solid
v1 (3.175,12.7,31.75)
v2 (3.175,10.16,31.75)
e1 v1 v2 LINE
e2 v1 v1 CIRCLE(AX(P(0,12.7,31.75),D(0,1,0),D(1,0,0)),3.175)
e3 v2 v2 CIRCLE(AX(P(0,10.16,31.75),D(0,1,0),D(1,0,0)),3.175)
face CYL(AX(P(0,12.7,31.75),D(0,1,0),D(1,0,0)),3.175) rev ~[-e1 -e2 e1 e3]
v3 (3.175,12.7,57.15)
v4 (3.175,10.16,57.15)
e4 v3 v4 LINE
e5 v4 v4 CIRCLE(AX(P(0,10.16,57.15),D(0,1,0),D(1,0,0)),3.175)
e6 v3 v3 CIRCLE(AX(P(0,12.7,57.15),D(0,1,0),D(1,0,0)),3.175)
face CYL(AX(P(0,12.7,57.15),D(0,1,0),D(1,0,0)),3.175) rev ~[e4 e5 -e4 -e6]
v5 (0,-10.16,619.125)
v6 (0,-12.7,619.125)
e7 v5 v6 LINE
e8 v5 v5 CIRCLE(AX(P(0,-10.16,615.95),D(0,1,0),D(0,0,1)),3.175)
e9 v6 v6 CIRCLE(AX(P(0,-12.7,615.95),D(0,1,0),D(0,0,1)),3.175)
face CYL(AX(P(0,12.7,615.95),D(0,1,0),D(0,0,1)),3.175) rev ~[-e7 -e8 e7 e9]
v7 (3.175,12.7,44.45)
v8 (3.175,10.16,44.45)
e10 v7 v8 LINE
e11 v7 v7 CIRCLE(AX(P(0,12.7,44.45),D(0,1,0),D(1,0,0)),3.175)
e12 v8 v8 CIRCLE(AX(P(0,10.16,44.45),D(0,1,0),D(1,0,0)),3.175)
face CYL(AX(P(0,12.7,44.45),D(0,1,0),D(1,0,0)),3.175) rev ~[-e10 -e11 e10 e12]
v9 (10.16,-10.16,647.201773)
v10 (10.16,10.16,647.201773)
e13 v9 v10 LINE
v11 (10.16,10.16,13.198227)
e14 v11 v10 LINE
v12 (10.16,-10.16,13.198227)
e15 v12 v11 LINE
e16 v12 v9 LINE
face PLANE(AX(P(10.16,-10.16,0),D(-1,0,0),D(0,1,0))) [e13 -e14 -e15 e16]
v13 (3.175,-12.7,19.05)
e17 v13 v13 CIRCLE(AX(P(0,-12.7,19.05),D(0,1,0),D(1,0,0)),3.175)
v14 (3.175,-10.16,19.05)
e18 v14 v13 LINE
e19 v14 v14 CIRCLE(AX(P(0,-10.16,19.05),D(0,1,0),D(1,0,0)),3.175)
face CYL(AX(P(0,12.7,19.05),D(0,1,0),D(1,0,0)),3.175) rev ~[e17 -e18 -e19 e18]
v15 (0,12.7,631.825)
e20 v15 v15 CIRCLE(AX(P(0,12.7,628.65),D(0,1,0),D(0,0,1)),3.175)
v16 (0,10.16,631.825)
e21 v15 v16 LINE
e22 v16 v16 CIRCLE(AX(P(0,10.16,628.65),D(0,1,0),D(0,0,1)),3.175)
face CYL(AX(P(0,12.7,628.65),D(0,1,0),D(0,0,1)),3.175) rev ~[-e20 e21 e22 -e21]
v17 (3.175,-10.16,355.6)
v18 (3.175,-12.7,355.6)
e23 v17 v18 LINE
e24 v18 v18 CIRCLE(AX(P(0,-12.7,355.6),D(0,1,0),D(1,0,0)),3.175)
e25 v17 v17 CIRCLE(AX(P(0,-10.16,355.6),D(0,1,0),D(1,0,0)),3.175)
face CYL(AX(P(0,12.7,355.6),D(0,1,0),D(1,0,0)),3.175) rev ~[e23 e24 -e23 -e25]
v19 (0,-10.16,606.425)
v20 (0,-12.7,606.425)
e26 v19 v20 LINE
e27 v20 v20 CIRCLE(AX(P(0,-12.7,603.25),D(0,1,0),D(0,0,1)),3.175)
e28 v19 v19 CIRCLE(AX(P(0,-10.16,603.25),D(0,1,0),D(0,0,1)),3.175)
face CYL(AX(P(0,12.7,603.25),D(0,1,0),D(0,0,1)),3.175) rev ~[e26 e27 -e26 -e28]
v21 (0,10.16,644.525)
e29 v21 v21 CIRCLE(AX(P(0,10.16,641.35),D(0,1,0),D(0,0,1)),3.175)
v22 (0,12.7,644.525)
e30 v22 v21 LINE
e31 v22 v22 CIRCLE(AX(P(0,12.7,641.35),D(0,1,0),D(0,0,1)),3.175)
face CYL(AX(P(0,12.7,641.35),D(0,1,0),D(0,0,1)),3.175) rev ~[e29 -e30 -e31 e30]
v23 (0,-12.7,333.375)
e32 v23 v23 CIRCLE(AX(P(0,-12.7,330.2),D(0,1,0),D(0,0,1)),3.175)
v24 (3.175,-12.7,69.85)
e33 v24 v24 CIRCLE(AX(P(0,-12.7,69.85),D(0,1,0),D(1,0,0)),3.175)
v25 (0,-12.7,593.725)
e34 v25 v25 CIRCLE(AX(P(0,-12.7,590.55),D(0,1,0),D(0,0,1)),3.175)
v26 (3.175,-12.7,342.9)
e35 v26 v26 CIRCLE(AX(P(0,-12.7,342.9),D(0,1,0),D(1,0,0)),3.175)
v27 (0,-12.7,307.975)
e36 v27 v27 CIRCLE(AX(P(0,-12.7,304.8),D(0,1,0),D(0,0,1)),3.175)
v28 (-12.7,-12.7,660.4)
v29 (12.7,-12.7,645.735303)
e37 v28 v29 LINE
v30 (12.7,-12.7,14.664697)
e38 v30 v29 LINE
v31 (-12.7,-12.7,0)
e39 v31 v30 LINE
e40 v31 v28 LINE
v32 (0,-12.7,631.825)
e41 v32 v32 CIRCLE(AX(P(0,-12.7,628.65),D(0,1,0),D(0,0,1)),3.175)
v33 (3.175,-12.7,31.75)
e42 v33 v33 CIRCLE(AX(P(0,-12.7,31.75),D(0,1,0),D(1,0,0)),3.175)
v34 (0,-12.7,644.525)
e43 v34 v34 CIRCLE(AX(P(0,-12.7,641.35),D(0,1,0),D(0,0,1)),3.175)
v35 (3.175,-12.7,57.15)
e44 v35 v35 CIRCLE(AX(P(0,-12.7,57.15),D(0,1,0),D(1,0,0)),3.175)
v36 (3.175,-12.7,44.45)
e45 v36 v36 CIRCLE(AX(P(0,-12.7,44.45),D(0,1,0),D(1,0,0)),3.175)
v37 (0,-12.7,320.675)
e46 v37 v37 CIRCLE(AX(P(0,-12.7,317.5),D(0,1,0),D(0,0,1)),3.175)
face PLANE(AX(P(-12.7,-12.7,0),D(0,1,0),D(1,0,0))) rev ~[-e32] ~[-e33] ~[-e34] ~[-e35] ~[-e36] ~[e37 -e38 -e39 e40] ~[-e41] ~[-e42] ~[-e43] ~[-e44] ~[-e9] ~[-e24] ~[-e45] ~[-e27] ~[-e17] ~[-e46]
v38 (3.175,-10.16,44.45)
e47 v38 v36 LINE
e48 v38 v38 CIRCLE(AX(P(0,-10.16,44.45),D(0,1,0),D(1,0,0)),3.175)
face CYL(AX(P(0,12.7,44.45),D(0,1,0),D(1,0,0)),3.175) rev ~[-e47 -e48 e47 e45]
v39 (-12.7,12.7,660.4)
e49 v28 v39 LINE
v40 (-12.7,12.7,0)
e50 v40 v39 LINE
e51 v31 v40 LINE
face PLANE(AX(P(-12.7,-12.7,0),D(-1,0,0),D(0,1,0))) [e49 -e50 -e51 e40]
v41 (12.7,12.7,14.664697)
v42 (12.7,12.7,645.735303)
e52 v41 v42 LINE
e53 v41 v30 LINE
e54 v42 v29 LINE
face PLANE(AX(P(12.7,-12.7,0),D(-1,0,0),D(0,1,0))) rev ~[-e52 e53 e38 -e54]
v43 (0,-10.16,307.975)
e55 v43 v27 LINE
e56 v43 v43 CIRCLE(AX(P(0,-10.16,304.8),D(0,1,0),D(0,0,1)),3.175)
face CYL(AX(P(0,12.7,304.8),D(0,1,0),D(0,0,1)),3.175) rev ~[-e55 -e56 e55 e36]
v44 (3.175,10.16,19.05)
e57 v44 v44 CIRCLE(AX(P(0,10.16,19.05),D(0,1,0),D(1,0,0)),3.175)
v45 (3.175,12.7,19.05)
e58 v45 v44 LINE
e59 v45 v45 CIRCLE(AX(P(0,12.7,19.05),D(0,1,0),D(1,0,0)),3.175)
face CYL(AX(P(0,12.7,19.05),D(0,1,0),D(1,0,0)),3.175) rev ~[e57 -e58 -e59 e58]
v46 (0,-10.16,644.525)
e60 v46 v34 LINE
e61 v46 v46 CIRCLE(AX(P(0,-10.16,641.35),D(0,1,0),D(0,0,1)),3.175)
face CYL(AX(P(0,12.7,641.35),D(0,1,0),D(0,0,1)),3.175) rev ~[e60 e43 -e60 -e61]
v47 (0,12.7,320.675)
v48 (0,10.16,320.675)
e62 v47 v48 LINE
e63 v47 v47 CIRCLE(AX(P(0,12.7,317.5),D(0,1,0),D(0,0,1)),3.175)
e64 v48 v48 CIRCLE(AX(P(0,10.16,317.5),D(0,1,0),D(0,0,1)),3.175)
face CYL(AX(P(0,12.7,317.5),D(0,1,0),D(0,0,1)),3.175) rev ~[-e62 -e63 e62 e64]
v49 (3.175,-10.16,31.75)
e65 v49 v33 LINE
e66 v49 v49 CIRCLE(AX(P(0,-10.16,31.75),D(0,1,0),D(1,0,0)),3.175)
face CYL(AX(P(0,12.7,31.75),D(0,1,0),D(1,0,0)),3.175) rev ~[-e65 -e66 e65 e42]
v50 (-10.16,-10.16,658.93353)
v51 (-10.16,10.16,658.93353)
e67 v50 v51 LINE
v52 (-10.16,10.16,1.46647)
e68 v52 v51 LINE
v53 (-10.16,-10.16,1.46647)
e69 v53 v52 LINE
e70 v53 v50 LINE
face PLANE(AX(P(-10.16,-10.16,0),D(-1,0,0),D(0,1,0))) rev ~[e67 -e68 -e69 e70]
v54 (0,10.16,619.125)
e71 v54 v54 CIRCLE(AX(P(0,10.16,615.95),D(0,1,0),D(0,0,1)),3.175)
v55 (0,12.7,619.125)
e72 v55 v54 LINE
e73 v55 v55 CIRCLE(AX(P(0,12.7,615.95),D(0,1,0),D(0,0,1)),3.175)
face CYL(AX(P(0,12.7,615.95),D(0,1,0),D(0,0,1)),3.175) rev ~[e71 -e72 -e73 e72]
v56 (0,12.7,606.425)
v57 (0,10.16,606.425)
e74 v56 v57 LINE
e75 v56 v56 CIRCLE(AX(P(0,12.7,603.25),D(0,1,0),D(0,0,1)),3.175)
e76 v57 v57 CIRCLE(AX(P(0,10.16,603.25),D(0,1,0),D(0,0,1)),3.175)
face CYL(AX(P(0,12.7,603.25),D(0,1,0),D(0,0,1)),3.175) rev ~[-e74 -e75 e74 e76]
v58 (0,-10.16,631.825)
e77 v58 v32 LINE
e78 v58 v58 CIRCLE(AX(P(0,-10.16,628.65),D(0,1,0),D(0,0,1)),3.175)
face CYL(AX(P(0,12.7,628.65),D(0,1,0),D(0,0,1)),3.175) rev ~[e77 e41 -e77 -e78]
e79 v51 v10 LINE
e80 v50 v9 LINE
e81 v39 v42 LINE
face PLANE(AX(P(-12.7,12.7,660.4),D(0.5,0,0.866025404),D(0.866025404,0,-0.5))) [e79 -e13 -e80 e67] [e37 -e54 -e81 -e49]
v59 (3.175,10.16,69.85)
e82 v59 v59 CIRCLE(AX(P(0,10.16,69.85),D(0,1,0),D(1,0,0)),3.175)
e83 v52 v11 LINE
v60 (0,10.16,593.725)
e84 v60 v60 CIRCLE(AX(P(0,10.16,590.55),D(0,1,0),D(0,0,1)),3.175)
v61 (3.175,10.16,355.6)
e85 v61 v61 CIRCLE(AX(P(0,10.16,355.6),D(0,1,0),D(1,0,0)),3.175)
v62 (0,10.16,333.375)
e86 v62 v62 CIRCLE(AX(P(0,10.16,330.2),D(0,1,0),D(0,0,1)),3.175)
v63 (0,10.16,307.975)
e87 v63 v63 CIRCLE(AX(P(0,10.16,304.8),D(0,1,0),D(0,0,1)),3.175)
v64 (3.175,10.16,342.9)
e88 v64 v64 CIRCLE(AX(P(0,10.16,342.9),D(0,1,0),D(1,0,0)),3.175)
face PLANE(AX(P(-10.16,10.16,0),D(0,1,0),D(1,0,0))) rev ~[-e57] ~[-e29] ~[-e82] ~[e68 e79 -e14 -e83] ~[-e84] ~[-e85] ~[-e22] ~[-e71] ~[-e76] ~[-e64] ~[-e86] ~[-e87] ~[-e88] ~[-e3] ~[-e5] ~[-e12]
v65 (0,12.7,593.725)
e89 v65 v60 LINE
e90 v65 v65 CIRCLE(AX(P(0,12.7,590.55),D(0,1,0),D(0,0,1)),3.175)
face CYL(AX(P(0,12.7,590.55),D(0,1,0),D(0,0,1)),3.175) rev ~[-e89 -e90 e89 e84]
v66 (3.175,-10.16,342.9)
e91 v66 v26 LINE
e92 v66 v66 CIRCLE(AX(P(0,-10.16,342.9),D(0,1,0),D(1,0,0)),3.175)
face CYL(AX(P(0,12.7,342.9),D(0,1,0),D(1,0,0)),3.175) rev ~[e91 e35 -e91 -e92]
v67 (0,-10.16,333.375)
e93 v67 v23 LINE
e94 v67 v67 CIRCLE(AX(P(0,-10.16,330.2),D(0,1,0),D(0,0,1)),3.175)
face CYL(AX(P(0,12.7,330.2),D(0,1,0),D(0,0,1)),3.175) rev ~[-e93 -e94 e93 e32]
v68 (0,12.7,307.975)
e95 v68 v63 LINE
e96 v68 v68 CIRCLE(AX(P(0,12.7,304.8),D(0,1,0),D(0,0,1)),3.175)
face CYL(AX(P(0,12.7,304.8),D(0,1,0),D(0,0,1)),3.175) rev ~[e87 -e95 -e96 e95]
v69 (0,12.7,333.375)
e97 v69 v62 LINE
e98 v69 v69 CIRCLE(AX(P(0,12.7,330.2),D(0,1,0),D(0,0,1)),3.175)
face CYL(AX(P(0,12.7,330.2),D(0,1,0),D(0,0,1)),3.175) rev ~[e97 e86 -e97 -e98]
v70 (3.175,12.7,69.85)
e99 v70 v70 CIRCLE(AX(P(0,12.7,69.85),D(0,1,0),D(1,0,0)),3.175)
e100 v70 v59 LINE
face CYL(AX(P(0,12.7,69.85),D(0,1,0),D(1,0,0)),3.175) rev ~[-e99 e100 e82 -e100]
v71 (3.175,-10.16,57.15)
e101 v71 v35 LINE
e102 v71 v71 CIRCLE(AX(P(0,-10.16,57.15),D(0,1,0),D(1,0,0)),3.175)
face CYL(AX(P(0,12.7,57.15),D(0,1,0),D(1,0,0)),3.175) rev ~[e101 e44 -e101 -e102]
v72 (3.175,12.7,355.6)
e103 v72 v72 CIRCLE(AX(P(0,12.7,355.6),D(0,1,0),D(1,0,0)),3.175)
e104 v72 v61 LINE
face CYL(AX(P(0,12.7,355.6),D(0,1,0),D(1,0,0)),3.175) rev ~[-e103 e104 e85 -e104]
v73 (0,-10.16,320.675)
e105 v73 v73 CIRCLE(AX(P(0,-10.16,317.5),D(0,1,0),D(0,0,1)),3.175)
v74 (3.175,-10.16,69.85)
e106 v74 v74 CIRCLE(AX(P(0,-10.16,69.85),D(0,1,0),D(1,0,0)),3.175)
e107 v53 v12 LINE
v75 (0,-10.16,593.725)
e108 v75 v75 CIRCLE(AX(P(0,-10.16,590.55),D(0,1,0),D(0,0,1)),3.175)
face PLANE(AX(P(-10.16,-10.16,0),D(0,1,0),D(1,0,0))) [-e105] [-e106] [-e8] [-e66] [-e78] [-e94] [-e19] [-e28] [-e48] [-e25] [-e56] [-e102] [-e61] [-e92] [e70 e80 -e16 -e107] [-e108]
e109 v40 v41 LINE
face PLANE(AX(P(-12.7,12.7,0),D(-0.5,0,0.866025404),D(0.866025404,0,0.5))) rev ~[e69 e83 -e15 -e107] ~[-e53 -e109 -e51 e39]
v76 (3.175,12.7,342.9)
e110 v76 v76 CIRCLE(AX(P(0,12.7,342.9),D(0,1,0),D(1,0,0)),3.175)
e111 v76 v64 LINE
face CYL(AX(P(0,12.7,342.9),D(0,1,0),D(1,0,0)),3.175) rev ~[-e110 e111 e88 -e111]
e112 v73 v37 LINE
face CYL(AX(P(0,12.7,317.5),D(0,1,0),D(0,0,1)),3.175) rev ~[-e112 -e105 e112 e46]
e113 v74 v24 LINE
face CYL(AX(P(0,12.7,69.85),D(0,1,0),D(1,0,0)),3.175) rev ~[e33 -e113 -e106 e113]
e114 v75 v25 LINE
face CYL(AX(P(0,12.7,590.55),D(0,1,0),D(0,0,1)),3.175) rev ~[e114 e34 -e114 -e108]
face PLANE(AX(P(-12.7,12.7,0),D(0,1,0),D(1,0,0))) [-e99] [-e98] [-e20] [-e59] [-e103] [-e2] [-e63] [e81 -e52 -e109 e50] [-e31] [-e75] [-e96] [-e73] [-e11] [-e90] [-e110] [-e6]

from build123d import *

# Parameters (mm, degrees)
SKETCH1_W           = 25.4
SKETCH1_H           = 25.4
SKETCH1_W_2         = 20.32
SKETCH1_H_2         = 20.32
BOSS_EXTRUDE2_DEPTH = 660.4
CUT_EXTRUDE1_DEPTH  = 662.010294927
SKETCH3_R           = 3.175
CUT_EXTRUDE2_DEPTH  = 662.010294927


with BuildPart() as part:
    # Sketch1 → Boss-Extrude2 (new body)
    with BuildSketch(Plane.XY):
        Rectangle(SKETCH1_W, SKETCH1_H)
        Rectangle(SKETCH1_W_2, SKETCH1_H_2, mode=Mode.SUBTRACT)
    extrude(amount=BOSS_EXTRUDE2_DEPTH)

    # Sketch2 → Cut-Extrude1 (cut, through all)
    with BuildSketch(Plane(origin=(0, 12.7, 0), x_dir=(1, 0, 0), z_dir=(0, 1, 0))):
        Polygon((-12.7, -660.4), (12.7, -645.735303163), (12.7, -660.4), align=None)
        Polygon((12.7, 0), (-12.7, 0), (12.7, -14.664696837), align=None)
    extrude(amount=-CUT_EXTRUDE1_DEPTH, mode=Mode.SUBTRACT)

    # Sketch3 → Cut-Extrude2 (cut, through all)
    with BuildSketch(Plane(origin=(0, 12.7, 0), x_dir=(1, 0, 0), z_dir=(0, 1, 0))):
        with Locations(Location((0, -330.2, 0), (0, 0, 270))):
            Circle(SKETCH3_R)
        with Locations(Location((0, -317.5, 0), (0, 0, 270))):
            Circle(SKETCH3_R)
        with Locations(Location((0, -304.8, 0), (0, 0, 270))):
            Circle(SKETCH3_R)
        with Locations((0, -355.6)):
            Circle(SKETCH3_R)
        with Locations((0, -342.9)):
            Circle(SKETCH3_R)
        with Locations(Location((0, -641.35, 0), (0, 0, 270))):
            Circle(SKETCH3_R)
        with Locations(Location((0, -628.65, 0), (0, 0, 270))):
            Circle(SKETCH3_R)
        with Locations(Location((0, -615.95, 0), (0, 0, 270))):
            Circle(SKETCH3_R)
        with Locations(Location((0, -603.25, 0), (0, 0, 270))):
            Circle(SKETCH3_R)
        with Locations(Location((0, -590.55, 0), (0, 0, 270))):
            Circle(SKETCH3_R)
        with Locations((0, -69.85)):
            Circle(SKETCH3_R)
        with Locations((0, -57.15)):
            Circle(SKETCH3_R)
        with Locations((0, -44.45)):
            Circle(SKETCH3_R)
        with Locations((0, -31.75)):
            Circle(SKETCH3_R)
        with Locations((0, -19.05)):
            Circle(SKETCH3_R)
    extrude(amount=-CUT_EXTRUDE2_DEPTH, mode=Mode.SUBTRACT)


solid = part.part
